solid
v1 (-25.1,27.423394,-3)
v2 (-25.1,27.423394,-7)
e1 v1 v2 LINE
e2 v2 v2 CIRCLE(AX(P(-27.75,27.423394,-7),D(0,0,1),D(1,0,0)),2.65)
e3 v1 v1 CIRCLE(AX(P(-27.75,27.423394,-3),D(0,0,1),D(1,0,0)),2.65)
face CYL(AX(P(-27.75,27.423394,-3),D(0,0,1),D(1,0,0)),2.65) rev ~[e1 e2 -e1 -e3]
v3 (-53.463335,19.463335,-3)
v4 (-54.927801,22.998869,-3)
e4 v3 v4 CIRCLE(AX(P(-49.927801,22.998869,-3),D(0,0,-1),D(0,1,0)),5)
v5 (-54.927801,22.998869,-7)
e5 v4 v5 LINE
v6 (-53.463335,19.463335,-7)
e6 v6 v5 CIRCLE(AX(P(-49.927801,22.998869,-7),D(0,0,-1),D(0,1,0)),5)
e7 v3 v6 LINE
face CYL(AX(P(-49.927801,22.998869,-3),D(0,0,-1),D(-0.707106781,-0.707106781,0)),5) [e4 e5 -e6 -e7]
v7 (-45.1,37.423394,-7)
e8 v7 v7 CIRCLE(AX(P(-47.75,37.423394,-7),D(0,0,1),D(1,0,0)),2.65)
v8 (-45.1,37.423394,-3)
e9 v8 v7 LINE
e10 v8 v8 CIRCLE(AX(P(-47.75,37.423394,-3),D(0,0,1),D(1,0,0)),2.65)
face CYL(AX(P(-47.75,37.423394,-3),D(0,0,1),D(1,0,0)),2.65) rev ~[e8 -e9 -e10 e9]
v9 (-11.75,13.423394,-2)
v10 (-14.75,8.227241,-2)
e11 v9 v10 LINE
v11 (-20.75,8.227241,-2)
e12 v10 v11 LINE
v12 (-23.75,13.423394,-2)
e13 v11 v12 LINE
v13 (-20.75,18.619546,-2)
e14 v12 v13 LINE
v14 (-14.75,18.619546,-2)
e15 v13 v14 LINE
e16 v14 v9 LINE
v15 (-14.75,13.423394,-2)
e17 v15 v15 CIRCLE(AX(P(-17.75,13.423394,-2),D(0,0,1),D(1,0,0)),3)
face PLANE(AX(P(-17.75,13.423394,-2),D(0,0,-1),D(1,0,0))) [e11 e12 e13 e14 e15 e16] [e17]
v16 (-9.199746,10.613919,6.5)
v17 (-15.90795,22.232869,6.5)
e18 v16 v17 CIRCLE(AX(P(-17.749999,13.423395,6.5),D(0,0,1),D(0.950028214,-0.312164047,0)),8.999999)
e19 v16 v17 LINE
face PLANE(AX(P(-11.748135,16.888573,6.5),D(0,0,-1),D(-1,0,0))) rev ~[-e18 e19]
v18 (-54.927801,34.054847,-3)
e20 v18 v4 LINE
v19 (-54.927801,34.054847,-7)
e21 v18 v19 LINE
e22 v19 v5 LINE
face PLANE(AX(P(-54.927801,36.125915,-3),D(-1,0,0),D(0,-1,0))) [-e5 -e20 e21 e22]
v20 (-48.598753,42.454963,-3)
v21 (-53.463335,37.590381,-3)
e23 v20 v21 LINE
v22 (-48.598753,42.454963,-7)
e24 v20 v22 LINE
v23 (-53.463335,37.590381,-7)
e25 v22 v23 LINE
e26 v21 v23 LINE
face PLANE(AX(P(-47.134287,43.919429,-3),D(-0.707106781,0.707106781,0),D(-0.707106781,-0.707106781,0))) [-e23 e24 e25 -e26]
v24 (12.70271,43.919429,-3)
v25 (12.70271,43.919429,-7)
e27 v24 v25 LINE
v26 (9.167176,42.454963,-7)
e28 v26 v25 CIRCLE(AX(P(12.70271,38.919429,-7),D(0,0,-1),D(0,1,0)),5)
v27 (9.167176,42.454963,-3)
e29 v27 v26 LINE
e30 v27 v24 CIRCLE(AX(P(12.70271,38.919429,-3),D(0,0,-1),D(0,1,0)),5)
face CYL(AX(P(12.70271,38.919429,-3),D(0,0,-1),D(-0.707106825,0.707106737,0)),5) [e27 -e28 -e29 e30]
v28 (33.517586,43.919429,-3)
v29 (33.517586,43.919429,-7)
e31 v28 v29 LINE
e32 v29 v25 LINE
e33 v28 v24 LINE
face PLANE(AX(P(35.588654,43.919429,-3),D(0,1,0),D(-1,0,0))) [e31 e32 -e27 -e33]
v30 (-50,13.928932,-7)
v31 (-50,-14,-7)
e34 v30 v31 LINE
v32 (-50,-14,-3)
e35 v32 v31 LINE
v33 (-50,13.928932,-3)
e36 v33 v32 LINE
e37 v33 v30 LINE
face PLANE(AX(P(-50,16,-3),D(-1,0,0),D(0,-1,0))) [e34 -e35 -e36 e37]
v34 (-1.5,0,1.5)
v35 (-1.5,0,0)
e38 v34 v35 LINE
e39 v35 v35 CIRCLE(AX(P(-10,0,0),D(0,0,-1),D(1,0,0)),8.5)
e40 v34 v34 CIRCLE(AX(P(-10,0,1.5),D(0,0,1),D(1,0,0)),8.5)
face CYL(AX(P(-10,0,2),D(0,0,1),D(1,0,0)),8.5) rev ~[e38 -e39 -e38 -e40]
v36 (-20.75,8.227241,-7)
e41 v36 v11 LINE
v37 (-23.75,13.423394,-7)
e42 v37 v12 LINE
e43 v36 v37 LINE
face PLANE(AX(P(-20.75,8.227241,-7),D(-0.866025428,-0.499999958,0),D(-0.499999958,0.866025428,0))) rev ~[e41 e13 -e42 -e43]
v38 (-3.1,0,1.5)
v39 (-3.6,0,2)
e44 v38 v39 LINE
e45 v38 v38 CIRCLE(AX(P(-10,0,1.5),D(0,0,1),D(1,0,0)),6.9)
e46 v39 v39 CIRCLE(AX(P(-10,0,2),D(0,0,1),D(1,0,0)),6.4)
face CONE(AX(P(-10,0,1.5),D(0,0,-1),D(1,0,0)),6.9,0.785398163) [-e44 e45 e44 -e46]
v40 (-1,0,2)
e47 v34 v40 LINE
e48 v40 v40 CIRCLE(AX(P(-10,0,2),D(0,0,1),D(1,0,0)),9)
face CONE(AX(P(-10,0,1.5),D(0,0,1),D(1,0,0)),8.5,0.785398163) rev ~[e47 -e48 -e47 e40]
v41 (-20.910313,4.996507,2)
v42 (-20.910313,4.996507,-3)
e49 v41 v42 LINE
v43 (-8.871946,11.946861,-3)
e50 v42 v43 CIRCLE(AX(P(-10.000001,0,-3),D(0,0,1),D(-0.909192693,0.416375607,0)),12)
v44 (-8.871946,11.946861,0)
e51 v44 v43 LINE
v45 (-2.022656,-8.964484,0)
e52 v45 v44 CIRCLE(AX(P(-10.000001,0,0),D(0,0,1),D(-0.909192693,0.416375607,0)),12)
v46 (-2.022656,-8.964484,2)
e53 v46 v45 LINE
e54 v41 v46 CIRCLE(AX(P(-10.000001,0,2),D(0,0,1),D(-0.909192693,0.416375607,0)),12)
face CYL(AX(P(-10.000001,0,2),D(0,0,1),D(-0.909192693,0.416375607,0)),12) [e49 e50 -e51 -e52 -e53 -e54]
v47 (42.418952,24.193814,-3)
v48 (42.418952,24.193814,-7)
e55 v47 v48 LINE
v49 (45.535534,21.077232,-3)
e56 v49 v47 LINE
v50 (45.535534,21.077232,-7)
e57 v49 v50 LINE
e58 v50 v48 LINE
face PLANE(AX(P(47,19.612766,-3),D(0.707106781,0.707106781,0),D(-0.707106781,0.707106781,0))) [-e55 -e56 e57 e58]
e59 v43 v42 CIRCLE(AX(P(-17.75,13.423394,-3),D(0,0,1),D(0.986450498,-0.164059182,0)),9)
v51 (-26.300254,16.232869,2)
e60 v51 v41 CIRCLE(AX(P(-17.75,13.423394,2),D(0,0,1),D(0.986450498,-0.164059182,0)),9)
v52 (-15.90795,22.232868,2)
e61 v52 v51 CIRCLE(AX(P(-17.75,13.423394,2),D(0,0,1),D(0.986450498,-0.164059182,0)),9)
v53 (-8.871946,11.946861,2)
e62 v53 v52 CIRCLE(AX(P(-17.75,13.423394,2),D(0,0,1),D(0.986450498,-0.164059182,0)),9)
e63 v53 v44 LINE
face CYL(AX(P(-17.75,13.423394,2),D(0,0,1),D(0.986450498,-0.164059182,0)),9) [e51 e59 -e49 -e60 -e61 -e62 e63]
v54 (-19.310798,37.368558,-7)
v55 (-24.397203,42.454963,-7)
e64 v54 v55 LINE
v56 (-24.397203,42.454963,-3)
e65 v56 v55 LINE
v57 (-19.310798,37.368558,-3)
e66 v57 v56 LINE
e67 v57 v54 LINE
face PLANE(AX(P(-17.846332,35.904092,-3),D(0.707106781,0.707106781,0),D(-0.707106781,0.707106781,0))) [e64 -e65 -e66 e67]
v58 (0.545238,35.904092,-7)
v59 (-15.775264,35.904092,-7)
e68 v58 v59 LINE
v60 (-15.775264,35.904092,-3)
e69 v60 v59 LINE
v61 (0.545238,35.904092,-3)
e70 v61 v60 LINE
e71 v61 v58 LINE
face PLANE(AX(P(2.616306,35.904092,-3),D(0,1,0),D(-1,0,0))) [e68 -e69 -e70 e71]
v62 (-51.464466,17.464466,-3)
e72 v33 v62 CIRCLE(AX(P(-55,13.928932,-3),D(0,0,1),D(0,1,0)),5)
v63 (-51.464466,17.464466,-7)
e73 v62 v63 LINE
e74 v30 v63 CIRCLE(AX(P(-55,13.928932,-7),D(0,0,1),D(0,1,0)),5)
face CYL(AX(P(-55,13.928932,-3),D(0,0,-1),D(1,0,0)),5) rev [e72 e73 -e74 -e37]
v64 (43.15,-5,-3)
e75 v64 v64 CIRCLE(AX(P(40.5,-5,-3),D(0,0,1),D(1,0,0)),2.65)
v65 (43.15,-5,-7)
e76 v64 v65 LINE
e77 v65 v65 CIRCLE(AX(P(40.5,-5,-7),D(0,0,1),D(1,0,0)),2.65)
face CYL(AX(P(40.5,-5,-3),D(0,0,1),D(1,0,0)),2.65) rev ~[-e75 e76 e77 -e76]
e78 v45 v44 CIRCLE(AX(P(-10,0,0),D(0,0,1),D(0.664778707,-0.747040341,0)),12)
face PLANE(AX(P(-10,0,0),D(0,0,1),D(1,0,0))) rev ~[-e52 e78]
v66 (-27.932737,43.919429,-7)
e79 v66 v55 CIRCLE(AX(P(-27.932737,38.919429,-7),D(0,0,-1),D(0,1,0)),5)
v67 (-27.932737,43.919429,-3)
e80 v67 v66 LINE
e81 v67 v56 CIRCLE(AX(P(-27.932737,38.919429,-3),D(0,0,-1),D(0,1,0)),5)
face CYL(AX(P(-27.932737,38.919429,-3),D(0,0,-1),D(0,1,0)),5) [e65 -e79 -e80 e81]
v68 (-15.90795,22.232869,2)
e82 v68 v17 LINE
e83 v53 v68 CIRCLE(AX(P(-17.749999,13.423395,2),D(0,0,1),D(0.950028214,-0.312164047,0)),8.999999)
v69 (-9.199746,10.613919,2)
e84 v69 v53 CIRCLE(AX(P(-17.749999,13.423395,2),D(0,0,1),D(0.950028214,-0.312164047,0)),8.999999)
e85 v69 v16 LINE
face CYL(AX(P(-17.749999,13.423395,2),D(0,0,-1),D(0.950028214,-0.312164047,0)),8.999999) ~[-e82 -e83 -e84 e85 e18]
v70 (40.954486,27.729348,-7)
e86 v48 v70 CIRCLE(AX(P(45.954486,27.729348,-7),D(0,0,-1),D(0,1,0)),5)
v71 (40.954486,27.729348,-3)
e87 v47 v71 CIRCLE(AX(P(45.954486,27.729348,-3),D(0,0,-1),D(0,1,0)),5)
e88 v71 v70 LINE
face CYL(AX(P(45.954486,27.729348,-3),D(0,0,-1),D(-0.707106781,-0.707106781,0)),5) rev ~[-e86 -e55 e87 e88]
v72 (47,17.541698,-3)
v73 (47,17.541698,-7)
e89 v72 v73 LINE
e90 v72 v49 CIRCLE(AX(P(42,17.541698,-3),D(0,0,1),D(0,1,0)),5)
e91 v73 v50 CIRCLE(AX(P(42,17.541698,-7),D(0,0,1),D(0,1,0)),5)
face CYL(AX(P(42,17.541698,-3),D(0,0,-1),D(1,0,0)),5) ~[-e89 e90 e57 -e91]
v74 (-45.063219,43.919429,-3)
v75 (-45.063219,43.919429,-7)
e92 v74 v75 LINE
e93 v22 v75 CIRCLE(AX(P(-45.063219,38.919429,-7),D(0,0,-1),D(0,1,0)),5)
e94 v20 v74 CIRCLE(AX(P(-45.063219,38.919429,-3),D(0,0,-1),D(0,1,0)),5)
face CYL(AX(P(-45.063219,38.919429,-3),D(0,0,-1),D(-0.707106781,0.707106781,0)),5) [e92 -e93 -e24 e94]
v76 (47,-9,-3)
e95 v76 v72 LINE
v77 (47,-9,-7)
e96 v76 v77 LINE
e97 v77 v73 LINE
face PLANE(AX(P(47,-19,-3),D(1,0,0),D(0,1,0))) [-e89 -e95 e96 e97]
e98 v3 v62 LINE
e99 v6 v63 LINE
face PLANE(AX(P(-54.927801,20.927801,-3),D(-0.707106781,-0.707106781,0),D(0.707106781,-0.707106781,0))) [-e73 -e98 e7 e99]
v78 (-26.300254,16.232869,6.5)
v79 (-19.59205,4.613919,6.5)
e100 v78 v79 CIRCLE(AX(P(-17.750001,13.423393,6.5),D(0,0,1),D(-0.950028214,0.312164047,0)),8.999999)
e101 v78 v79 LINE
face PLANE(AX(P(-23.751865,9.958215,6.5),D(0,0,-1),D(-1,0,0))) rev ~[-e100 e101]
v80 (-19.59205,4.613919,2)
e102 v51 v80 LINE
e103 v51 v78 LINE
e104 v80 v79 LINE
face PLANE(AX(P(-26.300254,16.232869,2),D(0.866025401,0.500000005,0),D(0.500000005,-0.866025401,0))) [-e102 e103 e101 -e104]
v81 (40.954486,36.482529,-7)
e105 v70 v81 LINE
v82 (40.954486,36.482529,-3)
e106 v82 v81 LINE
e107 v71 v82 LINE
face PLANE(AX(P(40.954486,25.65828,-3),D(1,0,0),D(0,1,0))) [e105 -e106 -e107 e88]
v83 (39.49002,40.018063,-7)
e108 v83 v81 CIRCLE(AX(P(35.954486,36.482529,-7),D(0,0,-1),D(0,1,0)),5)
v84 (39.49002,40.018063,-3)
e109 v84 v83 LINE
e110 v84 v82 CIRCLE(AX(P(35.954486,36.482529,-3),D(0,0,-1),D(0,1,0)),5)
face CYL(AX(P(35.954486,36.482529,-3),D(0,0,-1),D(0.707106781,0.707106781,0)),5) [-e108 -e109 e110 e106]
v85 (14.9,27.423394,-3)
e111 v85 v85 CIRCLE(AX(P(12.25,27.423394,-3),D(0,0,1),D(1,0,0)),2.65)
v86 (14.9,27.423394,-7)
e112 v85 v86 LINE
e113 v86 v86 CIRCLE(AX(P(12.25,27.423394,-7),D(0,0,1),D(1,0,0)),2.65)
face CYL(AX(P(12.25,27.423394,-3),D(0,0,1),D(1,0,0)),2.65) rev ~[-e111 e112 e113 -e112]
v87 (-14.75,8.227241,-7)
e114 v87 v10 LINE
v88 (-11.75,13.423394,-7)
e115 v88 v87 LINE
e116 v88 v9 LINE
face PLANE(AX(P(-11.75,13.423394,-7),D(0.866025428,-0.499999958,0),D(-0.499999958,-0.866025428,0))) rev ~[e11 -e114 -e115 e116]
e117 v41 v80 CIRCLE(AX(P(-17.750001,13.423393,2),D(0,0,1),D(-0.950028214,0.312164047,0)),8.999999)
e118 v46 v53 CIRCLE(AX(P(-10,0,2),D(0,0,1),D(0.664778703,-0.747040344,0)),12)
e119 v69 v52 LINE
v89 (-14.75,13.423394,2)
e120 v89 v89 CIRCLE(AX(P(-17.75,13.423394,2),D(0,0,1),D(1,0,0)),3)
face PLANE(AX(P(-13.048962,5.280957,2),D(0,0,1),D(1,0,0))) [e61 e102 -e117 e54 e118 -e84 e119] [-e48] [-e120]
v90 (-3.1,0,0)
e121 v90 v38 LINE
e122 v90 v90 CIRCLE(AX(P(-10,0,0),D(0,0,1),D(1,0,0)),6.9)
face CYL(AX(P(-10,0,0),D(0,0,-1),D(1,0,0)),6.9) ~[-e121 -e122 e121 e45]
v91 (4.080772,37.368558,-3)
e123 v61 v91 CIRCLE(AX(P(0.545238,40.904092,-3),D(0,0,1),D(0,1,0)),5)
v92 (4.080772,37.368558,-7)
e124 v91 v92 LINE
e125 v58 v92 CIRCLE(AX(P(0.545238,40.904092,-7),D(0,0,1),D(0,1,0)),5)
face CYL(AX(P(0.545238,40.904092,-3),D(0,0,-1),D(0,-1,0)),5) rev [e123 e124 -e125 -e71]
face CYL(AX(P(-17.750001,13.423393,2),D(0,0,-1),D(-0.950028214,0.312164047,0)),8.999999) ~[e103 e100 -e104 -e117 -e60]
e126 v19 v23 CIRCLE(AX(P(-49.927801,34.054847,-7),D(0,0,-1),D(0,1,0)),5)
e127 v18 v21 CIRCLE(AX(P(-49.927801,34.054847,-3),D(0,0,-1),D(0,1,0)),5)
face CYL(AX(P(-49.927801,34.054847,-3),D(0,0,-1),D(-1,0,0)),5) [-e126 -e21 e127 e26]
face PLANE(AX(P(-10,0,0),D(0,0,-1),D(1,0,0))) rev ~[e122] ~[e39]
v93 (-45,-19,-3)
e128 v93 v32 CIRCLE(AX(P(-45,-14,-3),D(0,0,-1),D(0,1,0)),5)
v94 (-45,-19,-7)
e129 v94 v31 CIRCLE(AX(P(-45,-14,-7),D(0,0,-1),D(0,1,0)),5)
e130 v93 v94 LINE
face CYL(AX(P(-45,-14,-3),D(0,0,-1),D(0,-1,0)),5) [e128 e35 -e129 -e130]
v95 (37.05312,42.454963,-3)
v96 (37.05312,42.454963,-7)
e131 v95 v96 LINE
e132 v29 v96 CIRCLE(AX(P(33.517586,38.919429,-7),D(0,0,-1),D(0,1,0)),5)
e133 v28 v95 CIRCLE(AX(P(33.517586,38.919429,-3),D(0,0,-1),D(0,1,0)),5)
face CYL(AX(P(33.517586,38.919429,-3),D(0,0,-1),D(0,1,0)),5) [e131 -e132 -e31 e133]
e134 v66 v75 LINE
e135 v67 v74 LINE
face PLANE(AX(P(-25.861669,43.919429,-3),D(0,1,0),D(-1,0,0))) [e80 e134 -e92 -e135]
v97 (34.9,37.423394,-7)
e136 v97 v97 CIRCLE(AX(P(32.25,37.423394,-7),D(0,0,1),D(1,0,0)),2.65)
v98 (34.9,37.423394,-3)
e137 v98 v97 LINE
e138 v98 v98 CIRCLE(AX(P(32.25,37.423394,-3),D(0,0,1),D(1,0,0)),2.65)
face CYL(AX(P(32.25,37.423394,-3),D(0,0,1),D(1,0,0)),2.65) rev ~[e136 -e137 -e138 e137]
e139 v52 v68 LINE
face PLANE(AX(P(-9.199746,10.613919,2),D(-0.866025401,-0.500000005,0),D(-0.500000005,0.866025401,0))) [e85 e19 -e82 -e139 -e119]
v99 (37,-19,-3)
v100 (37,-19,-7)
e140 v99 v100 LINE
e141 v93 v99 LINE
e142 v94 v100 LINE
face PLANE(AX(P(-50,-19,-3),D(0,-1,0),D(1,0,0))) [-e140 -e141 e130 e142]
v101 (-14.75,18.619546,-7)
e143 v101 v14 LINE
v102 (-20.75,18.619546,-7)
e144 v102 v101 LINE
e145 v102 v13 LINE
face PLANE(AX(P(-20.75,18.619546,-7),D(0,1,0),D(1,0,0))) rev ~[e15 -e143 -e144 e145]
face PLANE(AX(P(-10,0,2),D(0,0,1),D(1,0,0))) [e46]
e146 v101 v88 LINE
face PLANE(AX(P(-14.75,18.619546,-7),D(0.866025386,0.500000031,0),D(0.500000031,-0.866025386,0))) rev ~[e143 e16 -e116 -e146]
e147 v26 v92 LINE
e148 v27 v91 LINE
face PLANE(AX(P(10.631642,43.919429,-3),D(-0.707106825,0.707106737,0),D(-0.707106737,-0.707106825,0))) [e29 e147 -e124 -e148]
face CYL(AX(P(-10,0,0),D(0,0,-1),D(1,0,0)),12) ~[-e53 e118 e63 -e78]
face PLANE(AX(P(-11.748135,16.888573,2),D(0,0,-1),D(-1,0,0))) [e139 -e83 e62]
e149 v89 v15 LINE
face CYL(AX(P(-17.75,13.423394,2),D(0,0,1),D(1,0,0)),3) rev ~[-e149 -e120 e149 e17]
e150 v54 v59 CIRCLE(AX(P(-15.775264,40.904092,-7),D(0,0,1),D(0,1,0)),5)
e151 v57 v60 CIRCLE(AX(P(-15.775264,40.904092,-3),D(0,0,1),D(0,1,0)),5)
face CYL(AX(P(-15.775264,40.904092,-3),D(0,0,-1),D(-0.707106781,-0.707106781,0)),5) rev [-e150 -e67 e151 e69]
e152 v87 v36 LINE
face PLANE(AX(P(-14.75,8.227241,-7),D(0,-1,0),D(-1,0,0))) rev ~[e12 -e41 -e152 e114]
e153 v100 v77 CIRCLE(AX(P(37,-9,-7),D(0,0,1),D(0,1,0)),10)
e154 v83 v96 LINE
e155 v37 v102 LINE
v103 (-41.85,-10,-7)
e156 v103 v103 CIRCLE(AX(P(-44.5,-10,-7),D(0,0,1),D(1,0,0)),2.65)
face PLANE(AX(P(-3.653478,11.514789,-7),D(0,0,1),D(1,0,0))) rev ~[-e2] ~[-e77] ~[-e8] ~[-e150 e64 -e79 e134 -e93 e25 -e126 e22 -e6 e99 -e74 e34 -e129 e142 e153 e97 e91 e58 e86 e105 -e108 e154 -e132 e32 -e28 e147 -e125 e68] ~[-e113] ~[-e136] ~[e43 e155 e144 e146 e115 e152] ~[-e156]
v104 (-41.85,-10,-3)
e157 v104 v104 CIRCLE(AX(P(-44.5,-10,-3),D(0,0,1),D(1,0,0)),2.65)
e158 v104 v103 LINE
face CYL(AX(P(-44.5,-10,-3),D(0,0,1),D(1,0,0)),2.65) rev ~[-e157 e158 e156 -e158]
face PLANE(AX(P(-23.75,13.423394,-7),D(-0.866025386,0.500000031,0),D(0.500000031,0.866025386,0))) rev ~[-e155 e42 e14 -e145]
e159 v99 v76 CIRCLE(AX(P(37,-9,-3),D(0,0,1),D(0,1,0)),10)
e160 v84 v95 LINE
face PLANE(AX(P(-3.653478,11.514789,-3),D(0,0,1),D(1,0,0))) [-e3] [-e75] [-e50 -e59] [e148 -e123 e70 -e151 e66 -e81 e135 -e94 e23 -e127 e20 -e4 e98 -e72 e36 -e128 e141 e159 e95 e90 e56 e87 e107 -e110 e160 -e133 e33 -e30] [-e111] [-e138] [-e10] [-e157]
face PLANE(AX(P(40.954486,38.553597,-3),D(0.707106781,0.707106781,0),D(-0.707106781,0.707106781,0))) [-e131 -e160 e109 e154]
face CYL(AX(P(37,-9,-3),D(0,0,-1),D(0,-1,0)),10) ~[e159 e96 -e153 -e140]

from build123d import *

# Parameters (mm, degrees)
SKETCH_R        = 12
SKETCH_R_2      = 8.5
PAD_DEPTH       = 2
SKETCH001_R     = 8.5
SKETCH001_R_2   = 3
PAD001_DEPTH    = 5
SKETCH002_R     = 8.5
PAD002_DEPTH    = 3
SKETCH003_R     = 6.9
PAD003_DEPTH    = 2
PAD004_DEPTH    = 4.5
SKETCH006_R     = 3
POCKET_DEPTH    = 5
SKETCH005_R     = 2.65
PAD005_DEPTH    = 4
POCKET001_DEPTH = 5
FILLET_R        = 5
FILLET001_R     = 10
FILLET002_R     = 5
FILLET003_R     = 5
FILLET004_R     = 5
FILLET005_R     = 5
CHAMFER_SIZE    = 0.5
CHAMFER001_SIZE = 0.5


with BuildPart() as part:
    # Sketch → Pad (new body)
    with BuildSketch(Plane.XY):
        with Locations((-10, 0)):
            Circle(SKETCH_R)
        with Locations((-10, 0)):
            Circle(SKETCH_R_2, mode=Mode.SUBTRACT)
    extrude(amount=PAD_DEPTH)

    # Sketch001 (on Face4 of Pad) → Pad001 (join)
    with BuildSketch(Plane.XY.offset(2)):
        with BuildLine():
            ThreePointArc((-20.910313, 4.996507), (-4, -10.392305), (-8.871946, 11.946861))
            ThreePointArc((-8.871946, 11.946861), (-22.25, 21.217622), (-20.910313, 4.996507))
        make_face()
        with Locations((-10, 0)):
            Circle(SKETCH001_R, mode=Mode.SUBTRACT)
        with Locations((-17.75, 13.423394)):
            Circle(SKETCH001_R_2, mode=Mode.SUBTRACT)
    extrude(amount=-PAD001_DEPTH)

    # Sketch002 (on Face6 of Pad001) → Pad002 (join)
    with BuildSketch(Plane(origin=(0, 0, -3), x_dir=(1, 0, 0), z_dir=(0, 0, -1))):
        with Locations((-10, 0)):
            Circle(SKETCH002_R)
    extrude(amount=-PAD002_DEPTH)

    # Sketch003 (on Face11 of Pad002) → Pad003 (join)
    with BuildSketch(Plane.XY):
        with Locations((-10, 0)):
            Circle(SKETCH003_R)
    extrude(amount=PAD003_DEPTH)

    # Sketch004 (on Face7 of Pad003) → Pad004 (join)
    with BuildSketch(Plane.XY.offset(2)):
        with BuildLine():
            Line((-26.300254, 16.232869), (-19.59205, 4.613919))
            ThreePointArc((-26.300254, 16.232869), (-25.544229, 8.923394), (-19.59205, 4.613919))
        make_face()
        with BuildLine():
            Line((-9.199746, 10.613919), (-15.90795, 22.232869))
            ThreePointArc((-9.199746, 10.613919), (-9.955771, 17.923394), (-15.90795, 22.232869))
        make_face()
    extrude(amount=PAD004_DEPTH)

    # Sketch006 → Pocket (cut)
    with BuildSketch(Plane.XY.offset(-3)):
        with Locations((-17.75, 13.423394)):
            Circle(SKETCH006_R)
    extrude(amount=-POCKET_DEPTH, mode=Mode.SUBTRACT)

    # Sketch005 (on Face19 of Pad004) → Pad005 (join)
    with BuildSketch(Plane.XY.offset(-3)):
        Polygon((-50, -19), (47, -19), (47, 16), (47, 19.612766), (40.954486, 25.65828), (40.954486, 38.553597), (35.588654, 43.919429), (10.631642, 43.919429), (2.616306, 35.904092), (-17.846332, 35.904092), (-25.861669, 43.919429), (-47.134287, 43.919429), (-54.927801, 36.125915), (-54.927801, 20.927801), (-50, 16), align=None)
        with Locations((40.5, -5)):
            Circle(SKETCH005_R, mode=Mode.SUBTRACT)
        with Locations((-27.75, 27.423394)):
            Circle(SKETCH005_R, mode=Mode.SUBTRACT)
        with Locations((-47.75, 37.423394)):
            Circle(SKETCH005_R, mode=Mode.SUBTRACT)
        with Locations((32.25, 37.423394)):
            Circle(SKETCH005_R, mode=Mode.SUBTRACT)
        with Locations((12.25, 27.423394)):
            Circle(SKETCH005_R, mode=Mode.SUBTRACT)
        with Locations((-44.5, -10)):
            Circle(SKETCH005_R, mode=Mode.SUBTRACT)
    extrude(amount=-PAD005_DEPTH)

    # Sketch008 (on Face5 of Pad005) → Pocket001 (cut)
    with BuildSketch(Plane(origin=(0, 0, -7), x_dir=(1, 0, 0), z_dir=(0, 0, -1))):
        Polygon((-20.75, -8.227241), (-23.75, -13.423394), (-20.75, -18.619546), (-14.75, -18.619546), (-11.75, -13.423394), (-14.75, -8.227241), align=None)
    extrude(amount=-POCKET001_DEPTH, mode=Mode.SUBTRACT)

    # Fillet
    fillet_edges = [part.edges().sort_by_distance(p)[0] for p in [
        (-50, -19, -5),
    ]]
    fillet(fillet_edges, radius=FILLET_R)

    # Fillet001
    fillet001_edges = [part.edges().sort_by_distance(p)[0] for p in [
        (47, -19, -5),
    ]]
    fillet(fillet001_edges, radius=FILLET001_R)

    # Fillet002
    fillet002_edges = [part.edges().sort_by_distance(p)[0] for p in [
        (-50, 16, -5),
    ]]
    fillet(fillet002_edges, radius=FILLET002_R)

    # Fillet003
    fillet003_edges = [part.edges().sort_by_distance(p)[0] for p in [
        (-54.927801, 20.927801, -5),
        (-54.927801, 36.125915, -5),
    ]]
    fillet(fillet003_edges, radius=FILLET003_R)

    # Fillet004
    fillet004_edges = [part.edges().sort_by_distance(p)[0] for p in [
        (-47.134287, 43.919429, -5),
        (-25.861669, 43.919429, -5),
        (-17.846332, 35.904092, -5),
        (2.616306, 35.904092, -5),
        (10.631642, 43.919429, -5),
        (35.588654, 43.919429, -5),
    ]]
    fillet(fillet004_edges, radius=FILLET004_R)

    # Fillet005
    fillet005_edges = [part.edges().sort_by_distance(p)[0] for p in [
        (47, 19.612766, -5),
        (40.954486, 25.65828, -5),
        (40.954486, 38.553597, -5),
    ]]
    fillet(fillet005_edges, radius=FILLET005_R)

    # Chamfer
    chamfer_edges = [part.edges().sort_by_distance(p)[0] for p in [
        (-16.9, 0, 2),
    ]]
    chamfer(chamfer_edges, length=CHAMFER_SIZE)

    # Chamfer001
    chamfer001_edges = [part.edges().sort_by_distance(p)[0] for p in [
        (-18.5, 0, 2),
    ]]
    chamfer(chamfer001_edges, length=CHAMFER001_SIZE)


solid = part.part
